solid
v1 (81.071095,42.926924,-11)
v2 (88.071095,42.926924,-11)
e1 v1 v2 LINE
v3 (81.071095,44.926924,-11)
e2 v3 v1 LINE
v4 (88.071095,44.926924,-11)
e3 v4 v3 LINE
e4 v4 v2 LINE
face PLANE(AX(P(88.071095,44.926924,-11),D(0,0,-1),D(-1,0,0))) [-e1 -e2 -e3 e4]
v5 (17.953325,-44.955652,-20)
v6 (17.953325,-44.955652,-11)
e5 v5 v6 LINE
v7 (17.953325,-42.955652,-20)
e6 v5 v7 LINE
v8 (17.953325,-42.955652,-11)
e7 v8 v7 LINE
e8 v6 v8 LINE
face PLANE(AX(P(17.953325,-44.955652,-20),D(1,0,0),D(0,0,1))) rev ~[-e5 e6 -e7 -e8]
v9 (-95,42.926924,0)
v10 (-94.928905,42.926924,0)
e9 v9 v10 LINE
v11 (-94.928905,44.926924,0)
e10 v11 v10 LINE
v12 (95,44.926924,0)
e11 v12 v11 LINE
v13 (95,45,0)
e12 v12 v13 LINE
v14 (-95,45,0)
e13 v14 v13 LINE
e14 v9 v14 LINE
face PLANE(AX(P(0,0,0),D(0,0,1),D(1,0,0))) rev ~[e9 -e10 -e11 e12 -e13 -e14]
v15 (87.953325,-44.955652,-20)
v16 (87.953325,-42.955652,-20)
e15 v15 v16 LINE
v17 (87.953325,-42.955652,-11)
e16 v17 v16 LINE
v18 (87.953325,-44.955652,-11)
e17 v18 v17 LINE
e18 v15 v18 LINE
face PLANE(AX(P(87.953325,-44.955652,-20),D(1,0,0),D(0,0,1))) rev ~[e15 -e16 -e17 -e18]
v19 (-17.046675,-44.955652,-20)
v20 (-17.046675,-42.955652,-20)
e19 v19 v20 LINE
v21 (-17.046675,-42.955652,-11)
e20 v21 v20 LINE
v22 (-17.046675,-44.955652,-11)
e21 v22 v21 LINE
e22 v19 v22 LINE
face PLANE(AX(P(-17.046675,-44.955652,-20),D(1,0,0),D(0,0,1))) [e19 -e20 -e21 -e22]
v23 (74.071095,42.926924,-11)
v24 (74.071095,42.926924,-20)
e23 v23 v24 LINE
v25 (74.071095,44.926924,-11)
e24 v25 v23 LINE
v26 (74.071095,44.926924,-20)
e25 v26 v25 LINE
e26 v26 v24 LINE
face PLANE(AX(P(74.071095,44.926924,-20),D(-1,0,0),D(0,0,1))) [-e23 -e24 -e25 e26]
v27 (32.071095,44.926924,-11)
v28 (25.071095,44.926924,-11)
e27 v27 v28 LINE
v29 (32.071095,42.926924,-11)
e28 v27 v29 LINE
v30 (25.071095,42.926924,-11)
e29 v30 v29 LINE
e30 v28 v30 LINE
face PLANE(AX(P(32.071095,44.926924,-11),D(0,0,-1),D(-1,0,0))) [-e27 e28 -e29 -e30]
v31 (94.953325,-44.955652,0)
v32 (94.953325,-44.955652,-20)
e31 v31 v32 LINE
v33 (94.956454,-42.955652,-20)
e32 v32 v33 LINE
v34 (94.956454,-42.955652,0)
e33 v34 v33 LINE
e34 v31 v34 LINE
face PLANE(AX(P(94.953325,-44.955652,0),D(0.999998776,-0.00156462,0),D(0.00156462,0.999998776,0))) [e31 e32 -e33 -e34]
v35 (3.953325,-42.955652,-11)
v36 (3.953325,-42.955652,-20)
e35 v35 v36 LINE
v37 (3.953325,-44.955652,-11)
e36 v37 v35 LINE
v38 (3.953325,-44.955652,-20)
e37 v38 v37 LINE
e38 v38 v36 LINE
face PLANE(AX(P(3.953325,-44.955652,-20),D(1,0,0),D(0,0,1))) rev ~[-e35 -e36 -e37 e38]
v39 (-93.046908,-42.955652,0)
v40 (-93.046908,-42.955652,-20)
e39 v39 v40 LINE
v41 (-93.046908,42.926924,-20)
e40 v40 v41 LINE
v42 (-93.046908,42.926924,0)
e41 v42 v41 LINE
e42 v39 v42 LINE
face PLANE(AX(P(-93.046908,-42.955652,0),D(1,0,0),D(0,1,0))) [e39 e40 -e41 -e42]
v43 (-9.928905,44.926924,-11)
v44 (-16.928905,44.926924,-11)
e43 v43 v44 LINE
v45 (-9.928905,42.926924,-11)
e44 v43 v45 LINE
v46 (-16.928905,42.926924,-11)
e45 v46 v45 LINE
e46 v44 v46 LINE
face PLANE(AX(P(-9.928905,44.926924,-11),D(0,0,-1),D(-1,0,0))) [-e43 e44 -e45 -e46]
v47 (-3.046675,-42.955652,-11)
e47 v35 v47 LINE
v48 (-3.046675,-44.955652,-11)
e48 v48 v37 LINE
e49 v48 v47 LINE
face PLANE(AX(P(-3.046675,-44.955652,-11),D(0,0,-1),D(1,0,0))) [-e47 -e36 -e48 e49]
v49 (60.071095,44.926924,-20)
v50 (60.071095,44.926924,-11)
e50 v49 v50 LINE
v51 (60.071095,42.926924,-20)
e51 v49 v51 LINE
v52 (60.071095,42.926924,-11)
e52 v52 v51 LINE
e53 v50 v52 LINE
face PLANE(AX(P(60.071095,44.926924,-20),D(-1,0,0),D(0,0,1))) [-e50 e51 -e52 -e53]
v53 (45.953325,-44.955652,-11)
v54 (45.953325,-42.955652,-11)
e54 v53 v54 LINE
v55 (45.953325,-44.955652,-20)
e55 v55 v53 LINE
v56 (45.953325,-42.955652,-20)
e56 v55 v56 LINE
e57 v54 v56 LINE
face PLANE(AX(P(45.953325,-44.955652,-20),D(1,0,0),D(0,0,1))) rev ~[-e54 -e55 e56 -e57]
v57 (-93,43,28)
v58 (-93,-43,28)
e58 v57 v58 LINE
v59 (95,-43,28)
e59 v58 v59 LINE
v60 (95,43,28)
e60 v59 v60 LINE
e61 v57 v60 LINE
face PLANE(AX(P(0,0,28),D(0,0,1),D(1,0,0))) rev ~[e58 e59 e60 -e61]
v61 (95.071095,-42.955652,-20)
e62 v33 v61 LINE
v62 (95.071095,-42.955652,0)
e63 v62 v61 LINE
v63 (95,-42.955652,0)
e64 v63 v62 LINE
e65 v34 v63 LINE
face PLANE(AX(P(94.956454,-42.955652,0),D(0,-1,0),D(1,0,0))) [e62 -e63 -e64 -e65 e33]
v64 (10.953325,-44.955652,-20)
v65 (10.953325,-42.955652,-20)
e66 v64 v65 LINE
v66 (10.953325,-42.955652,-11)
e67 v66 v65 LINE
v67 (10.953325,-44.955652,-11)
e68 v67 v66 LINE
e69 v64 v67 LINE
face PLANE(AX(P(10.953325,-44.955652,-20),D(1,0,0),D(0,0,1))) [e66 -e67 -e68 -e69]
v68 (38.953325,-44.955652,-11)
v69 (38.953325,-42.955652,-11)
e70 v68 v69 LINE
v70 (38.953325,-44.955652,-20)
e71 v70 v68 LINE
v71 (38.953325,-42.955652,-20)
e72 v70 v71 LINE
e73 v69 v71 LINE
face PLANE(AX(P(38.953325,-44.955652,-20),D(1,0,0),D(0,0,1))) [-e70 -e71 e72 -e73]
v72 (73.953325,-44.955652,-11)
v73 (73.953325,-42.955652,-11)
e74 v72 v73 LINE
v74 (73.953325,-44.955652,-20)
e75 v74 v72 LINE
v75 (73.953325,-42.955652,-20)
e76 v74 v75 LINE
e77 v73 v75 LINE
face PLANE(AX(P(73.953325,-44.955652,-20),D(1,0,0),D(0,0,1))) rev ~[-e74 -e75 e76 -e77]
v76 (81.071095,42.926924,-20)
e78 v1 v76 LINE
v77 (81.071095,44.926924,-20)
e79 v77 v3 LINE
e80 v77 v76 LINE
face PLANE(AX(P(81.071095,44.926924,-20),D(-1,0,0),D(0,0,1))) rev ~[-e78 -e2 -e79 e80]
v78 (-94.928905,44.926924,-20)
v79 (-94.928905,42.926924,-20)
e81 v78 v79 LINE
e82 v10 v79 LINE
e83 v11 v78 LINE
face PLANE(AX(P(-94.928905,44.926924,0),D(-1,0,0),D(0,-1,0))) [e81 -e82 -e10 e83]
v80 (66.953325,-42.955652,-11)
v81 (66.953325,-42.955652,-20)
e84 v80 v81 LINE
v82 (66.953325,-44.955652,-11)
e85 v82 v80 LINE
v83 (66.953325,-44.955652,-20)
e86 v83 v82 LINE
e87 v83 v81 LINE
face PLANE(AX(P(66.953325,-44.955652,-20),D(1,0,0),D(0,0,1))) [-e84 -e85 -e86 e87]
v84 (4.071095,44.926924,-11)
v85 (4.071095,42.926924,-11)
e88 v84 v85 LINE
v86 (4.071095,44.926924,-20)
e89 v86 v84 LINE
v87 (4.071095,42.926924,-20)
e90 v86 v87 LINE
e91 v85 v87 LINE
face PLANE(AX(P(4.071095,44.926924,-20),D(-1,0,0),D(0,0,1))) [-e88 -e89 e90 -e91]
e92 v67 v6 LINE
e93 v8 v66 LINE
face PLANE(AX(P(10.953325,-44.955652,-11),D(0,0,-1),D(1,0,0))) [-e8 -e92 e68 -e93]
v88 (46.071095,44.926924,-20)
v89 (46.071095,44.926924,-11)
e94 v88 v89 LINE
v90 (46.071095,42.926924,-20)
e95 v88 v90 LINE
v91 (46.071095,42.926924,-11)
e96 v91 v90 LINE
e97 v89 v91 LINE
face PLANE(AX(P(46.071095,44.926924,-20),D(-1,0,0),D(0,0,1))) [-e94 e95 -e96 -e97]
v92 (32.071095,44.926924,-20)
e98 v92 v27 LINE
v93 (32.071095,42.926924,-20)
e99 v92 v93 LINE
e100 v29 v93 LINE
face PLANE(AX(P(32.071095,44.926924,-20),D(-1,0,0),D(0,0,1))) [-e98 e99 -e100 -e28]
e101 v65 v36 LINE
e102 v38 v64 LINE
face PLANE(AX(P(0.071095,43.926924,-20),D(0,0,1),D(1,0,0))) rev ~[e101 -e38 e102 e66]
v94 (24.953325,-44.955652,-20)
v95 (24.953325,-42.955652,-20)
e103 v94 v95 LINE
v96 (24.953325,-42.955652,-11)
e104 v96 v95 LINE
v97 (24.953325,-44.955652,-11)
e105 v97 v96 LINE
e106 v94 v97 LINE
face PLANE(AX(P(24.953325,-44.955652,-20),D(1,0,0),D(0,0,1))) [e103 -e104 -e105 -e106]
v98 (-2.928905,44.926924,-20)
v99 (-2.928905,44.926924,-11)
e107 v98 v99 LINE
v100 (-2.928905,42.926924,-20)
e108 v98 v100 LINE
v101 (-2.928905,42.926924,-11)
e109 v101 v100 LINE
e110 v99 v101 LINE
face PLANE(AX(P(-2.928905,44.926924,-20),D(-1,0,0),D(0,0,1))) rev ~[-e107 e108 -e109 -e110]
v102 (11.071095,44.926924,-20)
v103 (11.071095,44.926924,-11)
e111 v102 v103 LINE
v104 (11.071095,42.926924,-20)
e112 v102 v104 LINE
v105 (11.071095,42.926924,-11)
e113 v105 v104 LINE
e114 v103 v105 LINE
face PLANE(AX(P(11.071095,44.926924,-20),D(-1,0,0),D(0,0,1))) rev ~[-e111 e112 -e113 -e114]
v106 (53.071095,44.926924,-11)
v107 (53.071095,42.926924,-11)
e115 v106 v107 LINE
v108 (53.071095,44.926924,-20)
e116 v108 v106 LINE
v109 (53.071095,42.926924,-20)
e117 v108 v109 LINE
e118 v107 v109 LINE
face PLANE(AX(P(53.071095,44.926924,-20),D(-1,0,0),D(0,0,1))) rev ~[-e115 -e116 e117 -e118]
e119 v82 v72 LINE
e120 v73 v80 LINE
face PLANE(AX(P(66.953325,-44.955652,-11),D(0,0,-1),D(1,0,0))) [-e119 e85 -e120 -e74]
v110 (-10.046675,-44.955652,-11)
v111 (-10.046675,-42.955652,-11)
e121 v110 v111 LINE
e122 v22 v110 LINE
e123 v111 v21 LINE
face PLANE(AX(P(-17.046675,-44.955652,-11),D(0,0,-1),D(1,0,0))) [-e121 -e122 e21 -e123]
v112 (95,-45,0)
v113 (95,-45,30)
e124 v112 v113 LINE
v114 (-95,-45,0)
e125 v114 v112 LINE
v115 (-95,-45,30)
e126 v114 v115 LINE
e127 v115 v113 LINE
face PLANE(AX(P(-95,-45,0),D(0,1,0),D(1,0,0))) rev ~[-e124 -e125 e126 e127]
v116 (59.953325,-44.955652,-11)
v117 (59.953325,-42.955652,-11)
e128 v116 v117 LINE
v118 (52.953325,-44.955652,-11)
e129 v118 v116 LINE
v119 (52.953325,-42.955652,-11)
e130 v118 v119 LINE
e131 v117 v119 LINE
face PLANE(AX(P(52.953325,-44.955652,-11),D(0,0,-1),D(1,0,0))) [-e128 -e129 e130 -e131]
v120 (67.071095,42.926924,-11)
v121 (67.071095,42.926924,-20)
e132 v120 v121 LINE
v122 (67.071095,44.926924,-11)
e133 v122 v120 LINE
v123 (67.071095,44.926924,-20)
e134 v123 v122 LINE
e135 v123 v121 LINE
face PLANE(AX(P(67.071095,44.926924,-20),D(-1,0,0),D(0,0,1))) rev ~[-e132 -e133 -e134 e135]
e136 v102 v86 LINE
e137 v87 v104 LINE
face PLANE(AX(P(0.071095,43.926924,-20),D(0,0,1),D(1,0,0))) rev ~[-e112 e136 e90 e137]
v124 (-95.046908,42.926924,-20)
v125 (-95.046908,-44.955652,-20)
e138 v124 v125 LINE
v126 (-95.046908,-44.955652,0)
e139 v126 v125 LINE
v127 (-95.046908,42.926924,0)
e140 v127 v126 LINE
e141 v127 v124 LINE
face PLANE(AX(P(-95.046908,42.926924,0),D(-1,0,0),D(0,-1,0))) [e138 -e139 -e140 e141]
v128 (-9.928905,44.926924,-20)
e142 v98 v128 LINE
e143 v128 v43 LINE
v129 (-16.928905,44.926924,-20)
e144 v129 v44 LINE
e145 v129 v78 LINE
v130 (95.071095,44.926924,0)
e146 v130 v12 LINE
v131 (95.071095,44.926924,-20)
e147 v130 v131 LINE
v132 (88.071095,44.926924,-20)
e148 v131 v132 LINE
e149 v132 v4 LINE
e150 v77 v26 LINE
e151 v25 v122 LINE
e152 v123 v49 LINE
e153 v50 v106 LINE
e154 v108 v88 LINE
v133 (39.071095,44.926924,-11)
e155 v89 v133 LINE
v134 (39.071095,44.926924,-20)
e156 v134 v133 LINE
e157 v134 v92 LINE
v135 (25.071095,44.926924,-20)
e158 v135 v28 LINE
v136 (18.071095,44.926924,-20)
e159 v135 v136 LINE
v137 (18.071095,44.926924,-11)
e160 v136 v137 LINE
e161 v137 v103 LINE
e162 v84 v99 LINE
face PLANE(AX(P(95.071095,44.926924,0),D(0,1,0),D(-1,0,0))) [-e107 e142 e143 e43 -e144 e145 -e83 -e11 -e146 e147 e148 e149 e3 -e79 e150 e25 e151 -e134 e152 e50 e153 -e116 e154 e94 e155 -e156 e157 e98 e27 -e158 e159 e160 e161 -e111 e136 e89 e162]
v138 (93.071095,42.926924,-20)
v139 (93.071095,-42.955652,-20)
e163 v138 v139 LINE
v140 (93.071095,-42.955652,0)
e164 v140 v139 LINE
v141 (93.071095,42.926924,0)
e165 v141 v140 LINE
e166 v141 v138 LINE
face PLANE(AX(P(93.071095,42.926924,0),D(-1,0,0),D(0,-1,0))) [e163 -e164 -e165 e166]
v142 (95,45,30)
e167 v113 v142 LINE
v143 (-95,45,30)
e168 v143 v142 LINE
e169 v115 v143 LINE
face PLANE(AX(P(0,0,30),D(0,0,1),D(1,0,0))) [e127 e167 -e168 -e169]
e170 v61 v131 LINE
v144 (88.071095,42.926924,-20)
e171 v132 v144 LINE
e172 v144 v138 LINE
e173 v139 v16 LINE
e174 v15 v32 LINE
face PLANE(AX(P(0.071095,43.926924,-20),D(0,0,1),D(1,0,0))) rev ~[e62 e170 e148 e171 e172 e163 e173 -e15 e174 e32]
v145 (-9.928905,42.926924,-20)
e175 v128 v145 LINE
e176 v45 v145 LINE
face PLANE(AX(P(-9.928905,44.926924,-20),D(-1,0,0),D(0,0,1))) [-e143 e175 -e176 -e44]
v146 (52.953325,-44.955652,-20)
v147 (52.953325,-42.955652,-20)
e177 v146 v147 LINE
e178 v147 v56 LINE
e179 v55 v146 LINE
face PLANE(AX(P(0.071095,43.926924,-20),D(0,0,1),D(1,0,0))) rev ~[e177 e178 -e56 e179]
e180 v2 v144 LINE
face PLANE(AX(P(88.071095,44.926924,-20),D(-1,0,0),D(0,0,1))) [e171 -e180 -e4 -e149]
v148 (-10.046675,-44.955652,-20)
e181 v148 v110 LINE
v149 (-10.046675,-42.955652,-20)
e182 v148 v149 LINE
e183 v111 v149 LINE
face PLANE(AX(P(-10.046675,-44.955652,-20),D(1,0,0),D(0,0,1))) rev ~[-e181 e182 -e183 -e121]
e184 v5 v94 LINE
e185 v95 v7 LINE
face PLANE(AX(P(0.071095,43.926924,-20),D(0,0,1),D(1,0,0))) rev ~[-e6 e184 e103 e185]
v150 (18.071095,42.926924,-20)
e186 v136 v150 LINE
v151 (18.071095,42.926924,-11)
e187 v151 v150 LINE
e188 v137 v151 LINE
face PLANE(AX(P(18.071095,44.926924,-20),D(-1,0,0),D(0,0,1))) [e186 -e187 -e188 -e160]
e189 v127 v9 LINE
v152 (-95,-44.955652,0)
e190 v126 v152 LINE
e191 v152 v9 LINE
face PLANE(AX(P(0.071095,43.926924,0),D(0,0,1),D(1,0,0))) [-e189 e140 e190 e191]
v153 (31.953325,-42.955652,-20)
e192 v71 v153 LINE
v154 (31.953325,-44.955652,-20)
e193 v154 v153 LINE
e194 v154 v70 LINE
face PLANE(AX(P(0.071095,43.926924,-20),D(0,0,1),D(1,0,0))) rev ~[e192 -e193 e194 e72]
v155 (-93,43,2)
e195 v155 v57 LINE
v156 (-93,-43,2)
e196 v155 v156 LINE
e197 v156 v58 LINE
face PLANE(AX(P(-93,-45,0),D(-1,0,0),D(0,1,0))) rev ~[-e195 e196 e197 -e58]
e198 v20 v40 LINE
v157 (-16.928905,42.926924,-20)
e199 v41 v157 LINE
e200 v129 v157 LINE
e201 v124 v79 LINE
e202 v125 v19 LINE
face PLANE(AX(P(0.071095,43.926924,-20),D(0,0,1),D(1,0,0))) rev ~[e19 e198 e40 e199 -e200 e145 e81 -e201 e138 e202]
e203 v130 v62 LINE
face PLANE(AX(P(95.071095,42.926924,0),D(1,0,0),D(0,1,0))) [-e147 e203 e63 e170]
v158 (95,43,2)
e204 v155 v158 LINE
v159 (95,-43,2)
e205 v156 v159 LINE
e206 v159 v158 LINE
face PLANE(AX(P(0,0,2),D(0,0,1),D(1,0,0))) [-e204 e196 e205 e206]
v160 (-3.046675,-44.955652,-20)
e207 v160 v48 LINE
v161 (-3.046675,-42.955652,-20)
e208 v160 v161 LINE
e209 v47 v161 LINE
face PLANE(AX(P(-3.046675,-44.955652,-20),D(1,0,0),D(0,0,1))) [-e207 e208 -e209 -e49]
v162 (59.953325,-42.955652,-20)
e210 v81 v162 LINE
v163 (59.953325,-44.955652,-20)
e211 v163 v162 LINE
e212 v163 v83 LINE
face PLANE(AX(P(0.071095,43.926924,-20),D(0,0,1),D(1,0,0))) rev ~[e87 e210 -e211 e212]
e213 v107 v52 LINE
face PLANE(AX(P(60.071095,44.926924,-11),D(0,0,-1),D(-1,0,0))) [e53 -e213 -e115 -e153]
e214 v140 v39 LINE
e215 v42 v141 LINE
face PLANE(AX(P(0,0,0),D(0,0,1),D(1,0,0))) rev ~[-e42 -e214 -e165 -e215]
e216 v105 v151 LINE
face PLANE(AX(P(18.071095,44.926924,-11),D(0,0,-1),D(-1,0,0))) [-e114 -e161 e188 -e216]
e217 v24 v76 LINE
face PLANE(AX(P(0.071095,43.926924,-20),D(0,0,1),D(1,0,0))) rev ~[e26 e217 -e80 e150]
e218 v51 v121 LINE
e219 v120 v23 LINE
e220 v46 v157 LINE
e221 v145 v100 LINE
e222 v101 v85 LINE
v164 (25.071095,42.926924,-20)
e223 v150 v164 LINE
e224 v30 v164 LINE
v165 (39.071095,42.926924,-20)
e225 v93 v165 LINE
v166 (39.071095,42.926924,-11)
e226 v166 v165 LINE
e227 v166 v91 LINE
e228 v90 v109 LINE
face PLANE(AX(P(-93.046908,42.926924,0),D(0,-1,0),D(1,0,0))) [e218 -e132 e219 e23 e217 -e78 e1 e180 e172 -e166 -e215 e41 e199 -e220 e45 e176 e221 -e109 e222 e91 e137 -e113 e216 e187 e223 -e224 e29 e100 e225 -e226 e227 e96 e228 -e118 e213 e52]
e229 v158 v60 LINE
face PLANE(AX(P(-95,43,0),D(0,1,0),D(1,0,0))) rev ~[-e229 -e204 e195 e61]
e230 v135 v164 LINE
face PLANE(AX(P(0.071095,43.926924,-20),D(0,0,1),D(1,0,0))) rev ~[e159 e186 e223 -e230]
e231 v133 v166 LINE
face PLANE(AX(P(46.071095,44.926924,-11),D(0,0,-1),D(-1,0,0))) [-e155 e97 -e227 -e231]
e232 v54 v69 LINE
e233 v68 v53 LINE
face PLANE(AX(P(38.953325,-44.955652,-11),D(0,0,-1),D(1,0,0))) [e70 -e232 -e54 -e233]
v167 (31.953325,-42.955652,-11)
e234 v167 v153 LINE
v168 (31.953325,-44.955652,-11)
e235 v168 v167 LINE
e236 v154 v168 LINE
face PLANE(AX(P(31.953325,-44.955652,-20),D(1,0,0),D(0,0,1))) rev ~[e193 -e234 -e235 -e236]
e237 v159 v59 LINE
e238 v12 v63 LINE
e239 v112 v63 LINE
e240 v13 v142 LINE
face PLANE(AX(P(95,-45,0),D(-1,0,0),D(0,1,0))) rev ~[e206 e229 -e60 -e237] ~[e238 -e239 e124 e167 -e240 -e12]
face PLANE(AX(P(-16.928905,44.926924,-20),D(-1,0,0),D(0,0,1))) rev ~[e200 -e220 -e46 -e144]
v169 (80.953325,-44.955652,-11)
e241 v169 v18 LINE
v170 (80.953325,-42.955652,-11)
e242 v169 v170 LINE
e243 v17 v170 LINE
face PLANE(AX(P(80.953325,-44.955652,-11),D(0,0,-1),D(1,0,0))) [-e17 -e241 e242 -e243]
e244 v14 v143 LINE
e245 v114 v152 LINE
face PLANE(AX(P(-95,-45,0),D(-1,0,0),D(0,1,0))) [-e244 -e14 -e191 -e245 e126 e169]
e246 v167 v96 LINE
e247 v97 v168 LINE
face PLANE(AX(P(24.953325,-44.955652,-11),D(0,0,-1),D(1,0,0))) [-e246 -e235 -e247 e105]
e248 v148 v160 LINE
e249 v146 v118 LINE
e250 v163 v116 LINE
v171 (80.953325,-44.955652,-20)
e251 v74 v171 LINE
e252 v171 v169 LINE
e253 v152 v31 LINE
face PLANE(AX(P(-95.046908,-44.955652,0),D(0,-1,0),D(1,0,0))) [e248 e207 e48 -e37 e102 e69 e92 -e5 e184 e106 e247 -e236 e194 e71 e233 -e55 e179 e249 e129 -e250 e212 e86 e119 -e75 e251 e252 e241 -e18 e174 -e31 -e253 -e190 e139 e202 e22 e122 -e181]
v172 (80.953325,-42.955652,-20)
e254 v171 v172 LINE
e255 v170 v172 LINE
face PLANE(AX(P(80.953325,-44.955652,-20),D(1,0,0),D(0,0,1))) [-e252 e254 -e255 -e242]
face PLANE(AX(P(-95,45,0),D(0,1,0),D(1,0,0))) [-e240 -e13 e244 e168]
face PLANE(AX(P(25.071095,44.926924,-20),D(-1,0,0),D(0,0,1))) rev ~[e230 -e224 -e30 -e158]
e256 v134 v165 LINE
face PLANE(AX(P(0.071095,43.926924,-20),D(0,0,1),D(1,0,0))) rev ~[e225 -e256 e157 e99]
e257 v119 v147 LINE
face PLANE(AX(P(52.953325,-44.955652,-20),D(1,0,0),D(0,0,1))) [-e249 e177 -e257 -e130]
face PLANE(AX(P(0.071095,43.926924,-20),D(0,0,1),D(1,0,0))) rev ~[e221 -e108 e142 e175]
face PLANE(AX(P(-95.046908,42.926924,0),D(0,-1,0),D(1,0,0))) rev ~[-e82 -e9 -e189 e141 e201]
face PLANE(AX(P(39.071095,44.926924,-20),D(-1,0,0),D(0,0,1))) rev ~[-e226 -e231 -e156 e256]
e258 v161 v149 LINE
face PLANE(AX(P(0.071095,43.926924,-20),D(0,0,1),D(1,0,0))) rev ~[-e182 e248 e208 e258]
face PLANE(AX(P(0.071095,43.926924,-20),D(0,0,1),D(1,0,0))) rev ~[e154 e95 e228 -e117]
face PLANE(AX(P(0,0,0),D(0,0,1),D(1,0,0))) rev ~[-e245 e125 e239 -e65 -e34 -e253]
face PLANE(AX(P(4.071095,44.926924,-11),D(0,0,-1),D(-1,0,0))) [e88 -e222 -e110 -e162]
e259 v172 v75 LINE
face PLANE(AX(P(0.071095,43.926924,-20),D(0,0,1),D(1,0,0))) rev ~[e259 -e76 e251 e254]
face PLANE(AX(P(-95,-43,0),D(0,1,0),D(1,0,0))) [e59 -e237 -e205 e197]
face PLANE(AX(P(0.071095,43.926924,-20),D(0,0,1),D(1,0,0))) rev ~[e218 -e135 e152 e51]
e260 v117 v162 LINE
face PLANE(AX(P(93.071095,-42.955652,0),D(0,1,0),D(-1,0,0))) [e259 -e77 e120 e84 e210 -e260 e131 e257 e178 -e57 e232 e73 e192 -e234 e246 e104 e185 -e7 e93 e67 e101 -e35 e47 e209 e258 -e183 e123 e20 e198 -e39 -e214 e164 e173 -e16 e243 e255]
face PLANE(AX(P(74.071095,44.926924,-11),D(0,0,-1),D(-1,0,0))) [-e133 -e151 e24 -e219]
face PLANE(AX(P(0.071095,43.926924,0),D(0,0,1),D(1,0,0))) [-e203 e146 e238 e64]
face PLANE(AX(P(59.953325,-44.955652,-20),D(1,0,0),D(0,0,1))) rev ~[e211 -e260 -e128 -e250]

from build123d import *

# Parameters (mm, degrees)
F0_W     = 190
F0_H     = 90
F1_DEPTH = 30
F2_T     = -2
F4_DEPTH = 20
F3_W     = 0.1180022955
F3_H     = 85.8825759888
F3_W_2   = 1.8819977045
F5_DEPTH = 20
F6_W     = 7
F6_H     = 9
F7_DEPTH = 4
F8_W     = 7
F8_H     = 9
F9_DEPTH = 4


with BuildPart() as f1:
    # F0 (on Top) → F1 (new body)
    with BuildSketch(Plane.XY):
        Rectangle(F0_W, F0_H)
    extrude(amount=F1_DEPTH)

    # F2
    f2_openings = [f1.faces().sort_by_distance(p)[0] for p in [
        (95, 0, 15),
    ]]
    offset(amount=F2_T, openings=f2_openings)

    # F3 (on Top) → F4 (join)
    with BuildSketch(Plane.XY):
        Polygon((95.0710946321, 42.9269237816), (95.0710946321, 44.9269237816), (-94.9289053679, 44.9269237816), (-94.9289053679, 42.9269237816), (-93.0469076633, 42.9269237816), (93.0710946321, 42.9269237816), align=None)
    extrude(amount=-F4_DEPTH)

    # F3 (on Top) → F5 (join)
    with BuildSketch(Plane.XY):
        Polygon((95.0710946321, 42.9269237816), (95.0710946321, 44.9269237816), (-94.9289053679, 44.9269237816), (-94.9289053679, 42.9269237816), (-93.0469076633, 42.9269237816), (93.0710946321, 42.9269237816), align=None)
        Polygon((95.0710946321, -42.9556522071), (95.0710946321, 42.9269237816), (93.0710946321, 42.9269237816), (93.0710946321, -42.9556522071), (94.9564541443, -42.9556522071), align=None)
        with Locations((-94.9879065156, -0.0143642128)):
            Rectangle(F3_W, F3_H)
        with Locations((-93.9879065156, -0.0143642128)):
            Rectangle(F3_W_2, F3_H)
        Polygon((-93.0469076633, -42.9556522071), (-94.9289053679, -42.9556522071), (-95.0469076633, -42.9556522071), (-95.0469076633, -44.9556522071), (94.9533249005, -44.9556522071), (94.9564541443, -42.9556522071), (93.0710946321, -42.9556522071), align=None)
    extrude(amount=-F5_DEPTH)

    # F6 (on face) → F7 (cut)
    with BuildSketch(Plane(origin=(0, 44.9269237816, 0), x_dir=(-1, 0, 0), z_dir=(0, 1, 0))):
        with Locations((13.4289053679, -15.5)):
            Rectangle(F6_W, F6_H)
        with Locations((-0.5710946321, -15.5)):
            Rectangle(F6_W, F6_H)
        with Locations((-14.5710946321, -15.5)):
            Rectangle(F6_W, F6_H)
        with Locations((-28.5710946321, -15.5)):
            Rectangle(F6_W, F6_H)
        with Locations((-42.5710946321, -15.5)):
            Rectangle(F6_W, F6_H)
        with Locations((-56.5710946321, -15.5)):
            Rectangle(F6_W, F6_H)
        with Locations((-70.5710946321, -15.5)):
            Rectangle(F6_W, F6_H)
        with Locations((-84.5710946321, -15.5)):
            Rectangle(F6_W, F6_H)
    extrude(amount=-F7_DEPTH, mode=Mode.SUBTRACT)

    # F8 (on face) → F9 (cut)
    with BuildSketch(Plane.XZ.offset(44.9556522071)):
        with Locations((84.4533249005, -15.5)):
            Rectangle(F8_W, F8_H)
        with Locations((70.4533249005, -15.5)):
            Rectangle(F8_W, F8_H)
        with Locations((56.4533249005, -15.5)):
            Rectangle(F8_W, F8_H)
        with Locations((42.4533249005, -15.5)):
            Rectangle(F8_W, F8_H)
        with Locations((28.4533249005, -15.5)):
            Rectangle(F8_W, F8_H)
        with Locations((14.4533249005, -15.5)):
            Rectangle(F8_W, F8_H)
        with Locations((0.4533249005, -15.5)):
            Rectangle(F8_W, F8_H)
        with Locations((-13.5466750995, -15.5)):
            Rectangle(F8_W, F8_H)
    extrude(amount=-F9_DEPTH, mode=Mode.SUBTRACT)


solid = f1.part
